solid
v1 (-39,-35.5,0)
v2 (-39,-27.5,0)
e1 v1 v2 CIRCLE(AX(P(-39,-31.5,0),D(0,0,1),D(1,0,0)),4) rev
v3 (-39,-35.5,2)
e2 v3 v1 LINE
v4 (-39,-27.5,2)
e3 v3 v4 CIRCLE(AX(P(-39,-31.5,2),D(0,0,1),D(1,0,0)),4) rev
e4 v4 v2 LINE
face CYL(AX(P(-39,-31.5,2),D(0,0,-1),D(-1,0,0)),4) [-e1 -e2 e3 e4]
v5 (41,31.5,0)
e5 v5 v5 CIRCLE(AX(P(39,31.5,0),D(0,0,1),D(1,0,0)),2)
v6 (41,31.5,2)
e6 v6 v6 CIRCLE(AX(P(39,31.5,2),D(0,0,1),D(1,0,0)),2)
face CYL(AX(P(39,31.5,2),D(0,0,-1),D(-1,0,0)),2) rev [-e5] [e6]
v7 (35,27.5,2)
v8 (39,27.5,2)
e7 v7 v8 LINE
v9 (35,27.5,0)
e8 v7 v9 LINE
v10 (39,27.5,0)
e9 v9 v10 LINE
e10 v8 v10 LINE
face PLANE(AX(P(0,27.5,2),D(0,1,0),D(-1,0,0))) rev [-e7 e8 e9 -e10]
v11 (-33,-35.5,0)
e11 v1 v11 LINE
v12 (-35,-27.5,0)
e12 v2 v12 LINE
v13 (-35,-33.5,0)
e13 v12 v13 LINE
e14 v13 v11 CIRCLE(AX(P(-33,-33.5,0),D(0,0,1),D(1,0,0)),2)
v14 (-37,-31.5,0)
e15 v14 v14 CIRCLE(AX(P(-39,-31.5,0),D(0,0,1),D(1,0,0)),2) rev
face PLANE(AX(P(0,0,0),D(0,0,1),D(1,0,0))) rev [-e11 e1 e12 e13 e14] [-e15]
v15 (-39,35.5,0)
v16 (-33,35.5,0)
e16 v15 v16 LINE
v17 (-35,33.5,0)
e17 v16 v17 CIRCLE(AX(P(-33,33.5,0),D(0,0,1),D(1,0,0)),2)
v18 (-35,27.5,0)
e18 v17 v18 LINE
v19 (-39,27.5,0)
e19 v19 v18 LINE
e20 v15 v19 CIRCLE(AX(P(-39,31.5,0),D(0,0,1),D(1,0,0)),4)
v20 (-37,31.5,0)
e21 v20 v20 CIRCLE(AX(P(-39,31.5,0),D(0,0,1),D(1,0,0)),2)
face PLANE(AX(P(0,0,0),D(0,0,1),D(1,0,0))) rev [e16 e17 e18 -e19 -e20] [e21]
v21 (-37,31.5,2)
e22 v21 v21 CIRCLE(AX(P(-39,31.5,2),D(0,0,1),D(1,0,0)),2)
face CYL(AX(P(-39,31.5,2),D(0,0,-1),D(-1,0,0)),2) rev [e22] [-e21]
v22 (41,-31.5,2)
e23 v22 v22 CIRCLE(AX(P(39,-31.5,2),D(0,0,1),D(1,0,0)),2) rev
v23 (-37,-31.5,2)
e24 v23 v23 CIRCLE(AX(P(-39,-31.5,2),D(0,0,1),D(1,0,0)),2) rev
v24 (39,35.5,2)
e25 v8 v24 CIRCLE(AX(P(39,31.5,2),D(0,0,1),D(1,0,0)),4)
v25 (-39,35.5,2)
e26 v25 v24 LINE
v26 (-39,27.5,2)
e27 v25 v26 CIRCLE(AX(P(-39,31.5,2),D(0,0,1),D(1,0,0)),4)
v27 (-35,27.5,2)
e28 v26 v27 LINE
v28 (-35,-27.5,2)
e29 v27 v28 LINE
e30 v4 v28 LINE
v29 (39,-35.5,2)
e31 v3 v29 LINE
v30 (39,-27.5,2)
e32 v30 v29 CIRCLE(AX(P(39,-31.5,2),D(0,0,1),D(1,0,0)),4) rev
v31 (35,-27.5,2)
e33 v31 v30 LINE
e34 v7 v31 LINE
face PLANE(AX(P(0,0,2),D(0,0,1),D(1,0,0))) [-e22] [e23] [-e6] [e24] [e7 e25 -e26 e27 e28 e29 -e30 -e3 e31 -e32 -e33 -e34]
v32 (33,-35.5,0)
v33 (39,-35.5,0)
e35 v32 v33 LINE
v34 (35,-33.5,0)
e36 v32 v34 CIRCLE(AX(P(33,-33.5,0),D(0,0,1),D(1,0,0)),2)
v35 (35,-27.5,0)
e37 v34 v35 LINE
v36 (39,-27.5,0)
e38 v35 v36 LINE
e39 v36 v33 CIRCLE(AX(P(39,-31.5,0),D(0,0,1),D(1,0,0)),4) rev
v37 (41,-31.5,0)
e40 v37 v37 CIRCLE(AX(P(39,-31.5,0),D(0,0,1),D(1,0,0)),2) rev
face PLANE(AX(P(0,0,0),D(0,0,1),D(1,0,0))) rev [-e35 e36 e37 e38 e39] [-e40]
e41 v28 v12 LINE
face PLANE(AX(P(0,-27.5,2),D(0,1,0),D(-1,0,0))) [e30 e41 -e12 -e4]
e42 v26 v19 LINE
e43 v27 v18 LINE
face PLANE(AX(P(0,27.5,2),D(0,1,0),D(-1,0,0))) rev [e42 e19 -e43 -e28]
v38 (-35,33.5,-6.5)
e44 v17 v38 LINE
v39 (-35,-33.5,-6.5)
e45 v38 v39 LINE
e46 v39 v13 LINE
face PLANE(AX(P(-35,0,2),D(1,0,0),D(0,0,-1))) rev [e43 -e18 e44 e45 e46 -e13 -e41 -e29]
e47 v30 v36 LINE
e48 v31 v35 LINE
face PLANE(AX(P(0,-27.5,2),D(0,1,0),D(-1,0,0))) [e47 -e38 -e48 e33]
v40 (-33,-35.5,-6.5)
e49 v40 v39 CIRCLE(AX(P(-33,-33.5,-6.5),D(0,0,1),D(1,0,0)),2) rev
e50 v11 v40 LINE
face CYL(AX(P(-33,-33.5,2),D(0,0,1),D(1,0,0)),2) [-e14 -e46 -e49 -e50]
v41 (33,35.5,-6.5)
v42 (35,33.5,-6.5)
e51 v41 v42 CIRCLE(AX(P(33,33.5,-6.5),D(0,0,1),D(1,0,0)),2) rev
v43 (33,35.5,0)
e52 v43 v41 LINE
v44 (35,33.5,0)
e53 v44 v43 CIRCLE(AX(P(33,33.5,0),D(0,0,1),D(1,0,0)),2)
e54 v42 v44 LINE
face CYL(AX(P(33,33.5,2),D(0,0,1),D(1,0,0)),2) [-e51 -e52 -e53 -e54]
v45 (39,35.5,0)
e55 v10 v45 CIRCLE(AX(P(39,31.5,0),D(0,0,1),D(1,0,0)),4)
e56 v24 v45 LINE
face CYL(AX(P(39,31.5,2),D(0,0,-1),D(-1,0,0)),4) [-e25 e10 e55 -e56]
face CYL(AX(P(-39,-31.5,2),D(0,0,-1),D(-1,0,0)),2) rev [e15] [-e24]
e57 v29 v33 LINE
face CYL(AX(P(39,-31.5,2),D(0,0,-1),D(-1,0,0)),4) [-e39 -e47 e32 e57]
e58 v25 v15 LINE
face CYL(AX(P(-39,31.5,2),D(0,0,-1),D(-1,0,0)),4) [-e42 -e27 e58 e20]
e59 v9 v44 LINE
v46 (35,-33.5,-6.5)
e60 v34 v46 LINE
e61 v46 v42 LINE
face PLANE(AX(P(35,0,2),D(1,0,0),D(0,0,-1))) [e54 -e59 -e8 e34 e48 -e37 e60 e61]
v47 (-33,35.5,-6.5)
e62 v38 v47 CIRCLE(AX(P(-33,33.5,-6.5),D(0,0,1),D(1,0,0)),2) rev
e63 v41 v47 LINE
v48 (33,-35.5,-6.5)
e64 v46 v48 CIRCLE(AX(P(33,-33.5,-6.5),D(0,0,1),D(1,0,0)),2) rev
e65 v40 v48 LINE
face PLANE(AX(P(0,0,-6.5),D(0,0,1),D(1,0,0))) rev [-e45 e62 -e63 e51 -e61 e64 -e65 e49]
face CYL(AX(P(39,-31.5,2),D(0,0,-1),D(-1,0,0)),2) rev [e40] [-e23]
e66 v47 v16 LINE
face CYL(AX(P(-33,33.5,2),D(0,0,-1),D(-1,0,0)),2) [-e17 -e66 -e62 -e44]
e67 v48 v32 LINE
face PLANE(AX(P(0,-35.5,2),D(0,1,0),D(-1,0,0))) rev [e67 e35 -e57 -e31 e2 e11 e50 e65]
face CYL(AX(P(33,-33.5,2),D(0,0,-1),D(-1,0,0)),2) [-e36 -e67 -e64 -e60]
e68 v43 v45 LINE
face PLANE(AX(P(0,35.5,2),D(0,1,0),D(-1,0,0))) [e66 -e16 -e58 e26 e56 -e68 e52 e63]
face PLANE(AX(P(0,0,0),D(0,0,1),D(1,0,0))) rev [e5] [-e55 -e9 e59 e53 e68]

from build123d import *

# Parameters (mm, degrees)
SKETCH1_W           = 70
SKETCH1_H           = 55
SKETCH1_R           = 2
BOSS_EXTRUDE1_DEPTH = 2
SKETCH2_W           = 70
SKETCH2_H           = 71
BOSS_EXTRUDE2_DEPTH = 6.5
FILLET1_R           = 2


with BuildPart() as part:
    # Sketch1 → Boss-Extrude1 (new body)
    # profile 1 of 3: a face of its own
    with BuildSketch(Plane.XY):
        Rectangle(SKETCH1_W, SKETCH1_H)
    # profile 2 of 3: a face of its own
    with BuildSketch(Plane.XY):
        with BuildLine():
            Line((-39, 27.5), (39, 27.5))
            ThreePointArc((39, 27.5), (43, 31.5), (39, 35.5))
            Line((39, 35.5), (-39, 35.5))
            ThreePointArc((-39, 35.5), (-43, 31.5), (-39, 27.5))
        make_face()
        with Locations((-39, 31.5)):
            Circle(SKETCH1_R, mode=Mode.SUBTRACT)
        with Locations((39, 31.5)):
            Circle(SKETCH1_R, mode=Mode.SUBTRACT)
    # profile 3 of 3: a face of its own
    with BuildSketch(Plane.XY):
        with BuildLine():
            ThreePointArc((39, -27.5), (43, -31.5), (39, -35.5))
            Line((39, -35.5), (-39, -35.5))
            ThreePointArc((-39, -35.5), (-43, -31.5), (-39, -27.5))
            Line((-39, -27.5), (39, -27.5))
        make_face()
        with Locations((-39, -31.5)):
            Circle(SKETCH1_R, mode=Mode.SUBTRACT)
        with Locations((39, -31.5)):
            Circle(SKETCH1_R, mode=Mode.SUBTRACT)
    extrude(amount=BOSS_EXTRUDE1_DEPTH)

    # Sketch2 → Boss-Extrude2 (add)
    with BuildSketch(Plane.XY):
        Rectangle(SKETCH2_W, SKETCH2_H)
    extrude(amount=-BOSS_EXTRUDE2_DEPTH)

    # Fillet1
    fillet1_edges = [part.edges().sort_by_distance(p)[0] for p in [
        (35, 35.5, -3.25),
        (35, -35.5, -3.25),
        (-35, -35.5, -3.25),
        (-35, 35.5, -3.25),
    ]]
    fillet(fillet1_edges, radius=FILLET1_R)


solid = part.part
